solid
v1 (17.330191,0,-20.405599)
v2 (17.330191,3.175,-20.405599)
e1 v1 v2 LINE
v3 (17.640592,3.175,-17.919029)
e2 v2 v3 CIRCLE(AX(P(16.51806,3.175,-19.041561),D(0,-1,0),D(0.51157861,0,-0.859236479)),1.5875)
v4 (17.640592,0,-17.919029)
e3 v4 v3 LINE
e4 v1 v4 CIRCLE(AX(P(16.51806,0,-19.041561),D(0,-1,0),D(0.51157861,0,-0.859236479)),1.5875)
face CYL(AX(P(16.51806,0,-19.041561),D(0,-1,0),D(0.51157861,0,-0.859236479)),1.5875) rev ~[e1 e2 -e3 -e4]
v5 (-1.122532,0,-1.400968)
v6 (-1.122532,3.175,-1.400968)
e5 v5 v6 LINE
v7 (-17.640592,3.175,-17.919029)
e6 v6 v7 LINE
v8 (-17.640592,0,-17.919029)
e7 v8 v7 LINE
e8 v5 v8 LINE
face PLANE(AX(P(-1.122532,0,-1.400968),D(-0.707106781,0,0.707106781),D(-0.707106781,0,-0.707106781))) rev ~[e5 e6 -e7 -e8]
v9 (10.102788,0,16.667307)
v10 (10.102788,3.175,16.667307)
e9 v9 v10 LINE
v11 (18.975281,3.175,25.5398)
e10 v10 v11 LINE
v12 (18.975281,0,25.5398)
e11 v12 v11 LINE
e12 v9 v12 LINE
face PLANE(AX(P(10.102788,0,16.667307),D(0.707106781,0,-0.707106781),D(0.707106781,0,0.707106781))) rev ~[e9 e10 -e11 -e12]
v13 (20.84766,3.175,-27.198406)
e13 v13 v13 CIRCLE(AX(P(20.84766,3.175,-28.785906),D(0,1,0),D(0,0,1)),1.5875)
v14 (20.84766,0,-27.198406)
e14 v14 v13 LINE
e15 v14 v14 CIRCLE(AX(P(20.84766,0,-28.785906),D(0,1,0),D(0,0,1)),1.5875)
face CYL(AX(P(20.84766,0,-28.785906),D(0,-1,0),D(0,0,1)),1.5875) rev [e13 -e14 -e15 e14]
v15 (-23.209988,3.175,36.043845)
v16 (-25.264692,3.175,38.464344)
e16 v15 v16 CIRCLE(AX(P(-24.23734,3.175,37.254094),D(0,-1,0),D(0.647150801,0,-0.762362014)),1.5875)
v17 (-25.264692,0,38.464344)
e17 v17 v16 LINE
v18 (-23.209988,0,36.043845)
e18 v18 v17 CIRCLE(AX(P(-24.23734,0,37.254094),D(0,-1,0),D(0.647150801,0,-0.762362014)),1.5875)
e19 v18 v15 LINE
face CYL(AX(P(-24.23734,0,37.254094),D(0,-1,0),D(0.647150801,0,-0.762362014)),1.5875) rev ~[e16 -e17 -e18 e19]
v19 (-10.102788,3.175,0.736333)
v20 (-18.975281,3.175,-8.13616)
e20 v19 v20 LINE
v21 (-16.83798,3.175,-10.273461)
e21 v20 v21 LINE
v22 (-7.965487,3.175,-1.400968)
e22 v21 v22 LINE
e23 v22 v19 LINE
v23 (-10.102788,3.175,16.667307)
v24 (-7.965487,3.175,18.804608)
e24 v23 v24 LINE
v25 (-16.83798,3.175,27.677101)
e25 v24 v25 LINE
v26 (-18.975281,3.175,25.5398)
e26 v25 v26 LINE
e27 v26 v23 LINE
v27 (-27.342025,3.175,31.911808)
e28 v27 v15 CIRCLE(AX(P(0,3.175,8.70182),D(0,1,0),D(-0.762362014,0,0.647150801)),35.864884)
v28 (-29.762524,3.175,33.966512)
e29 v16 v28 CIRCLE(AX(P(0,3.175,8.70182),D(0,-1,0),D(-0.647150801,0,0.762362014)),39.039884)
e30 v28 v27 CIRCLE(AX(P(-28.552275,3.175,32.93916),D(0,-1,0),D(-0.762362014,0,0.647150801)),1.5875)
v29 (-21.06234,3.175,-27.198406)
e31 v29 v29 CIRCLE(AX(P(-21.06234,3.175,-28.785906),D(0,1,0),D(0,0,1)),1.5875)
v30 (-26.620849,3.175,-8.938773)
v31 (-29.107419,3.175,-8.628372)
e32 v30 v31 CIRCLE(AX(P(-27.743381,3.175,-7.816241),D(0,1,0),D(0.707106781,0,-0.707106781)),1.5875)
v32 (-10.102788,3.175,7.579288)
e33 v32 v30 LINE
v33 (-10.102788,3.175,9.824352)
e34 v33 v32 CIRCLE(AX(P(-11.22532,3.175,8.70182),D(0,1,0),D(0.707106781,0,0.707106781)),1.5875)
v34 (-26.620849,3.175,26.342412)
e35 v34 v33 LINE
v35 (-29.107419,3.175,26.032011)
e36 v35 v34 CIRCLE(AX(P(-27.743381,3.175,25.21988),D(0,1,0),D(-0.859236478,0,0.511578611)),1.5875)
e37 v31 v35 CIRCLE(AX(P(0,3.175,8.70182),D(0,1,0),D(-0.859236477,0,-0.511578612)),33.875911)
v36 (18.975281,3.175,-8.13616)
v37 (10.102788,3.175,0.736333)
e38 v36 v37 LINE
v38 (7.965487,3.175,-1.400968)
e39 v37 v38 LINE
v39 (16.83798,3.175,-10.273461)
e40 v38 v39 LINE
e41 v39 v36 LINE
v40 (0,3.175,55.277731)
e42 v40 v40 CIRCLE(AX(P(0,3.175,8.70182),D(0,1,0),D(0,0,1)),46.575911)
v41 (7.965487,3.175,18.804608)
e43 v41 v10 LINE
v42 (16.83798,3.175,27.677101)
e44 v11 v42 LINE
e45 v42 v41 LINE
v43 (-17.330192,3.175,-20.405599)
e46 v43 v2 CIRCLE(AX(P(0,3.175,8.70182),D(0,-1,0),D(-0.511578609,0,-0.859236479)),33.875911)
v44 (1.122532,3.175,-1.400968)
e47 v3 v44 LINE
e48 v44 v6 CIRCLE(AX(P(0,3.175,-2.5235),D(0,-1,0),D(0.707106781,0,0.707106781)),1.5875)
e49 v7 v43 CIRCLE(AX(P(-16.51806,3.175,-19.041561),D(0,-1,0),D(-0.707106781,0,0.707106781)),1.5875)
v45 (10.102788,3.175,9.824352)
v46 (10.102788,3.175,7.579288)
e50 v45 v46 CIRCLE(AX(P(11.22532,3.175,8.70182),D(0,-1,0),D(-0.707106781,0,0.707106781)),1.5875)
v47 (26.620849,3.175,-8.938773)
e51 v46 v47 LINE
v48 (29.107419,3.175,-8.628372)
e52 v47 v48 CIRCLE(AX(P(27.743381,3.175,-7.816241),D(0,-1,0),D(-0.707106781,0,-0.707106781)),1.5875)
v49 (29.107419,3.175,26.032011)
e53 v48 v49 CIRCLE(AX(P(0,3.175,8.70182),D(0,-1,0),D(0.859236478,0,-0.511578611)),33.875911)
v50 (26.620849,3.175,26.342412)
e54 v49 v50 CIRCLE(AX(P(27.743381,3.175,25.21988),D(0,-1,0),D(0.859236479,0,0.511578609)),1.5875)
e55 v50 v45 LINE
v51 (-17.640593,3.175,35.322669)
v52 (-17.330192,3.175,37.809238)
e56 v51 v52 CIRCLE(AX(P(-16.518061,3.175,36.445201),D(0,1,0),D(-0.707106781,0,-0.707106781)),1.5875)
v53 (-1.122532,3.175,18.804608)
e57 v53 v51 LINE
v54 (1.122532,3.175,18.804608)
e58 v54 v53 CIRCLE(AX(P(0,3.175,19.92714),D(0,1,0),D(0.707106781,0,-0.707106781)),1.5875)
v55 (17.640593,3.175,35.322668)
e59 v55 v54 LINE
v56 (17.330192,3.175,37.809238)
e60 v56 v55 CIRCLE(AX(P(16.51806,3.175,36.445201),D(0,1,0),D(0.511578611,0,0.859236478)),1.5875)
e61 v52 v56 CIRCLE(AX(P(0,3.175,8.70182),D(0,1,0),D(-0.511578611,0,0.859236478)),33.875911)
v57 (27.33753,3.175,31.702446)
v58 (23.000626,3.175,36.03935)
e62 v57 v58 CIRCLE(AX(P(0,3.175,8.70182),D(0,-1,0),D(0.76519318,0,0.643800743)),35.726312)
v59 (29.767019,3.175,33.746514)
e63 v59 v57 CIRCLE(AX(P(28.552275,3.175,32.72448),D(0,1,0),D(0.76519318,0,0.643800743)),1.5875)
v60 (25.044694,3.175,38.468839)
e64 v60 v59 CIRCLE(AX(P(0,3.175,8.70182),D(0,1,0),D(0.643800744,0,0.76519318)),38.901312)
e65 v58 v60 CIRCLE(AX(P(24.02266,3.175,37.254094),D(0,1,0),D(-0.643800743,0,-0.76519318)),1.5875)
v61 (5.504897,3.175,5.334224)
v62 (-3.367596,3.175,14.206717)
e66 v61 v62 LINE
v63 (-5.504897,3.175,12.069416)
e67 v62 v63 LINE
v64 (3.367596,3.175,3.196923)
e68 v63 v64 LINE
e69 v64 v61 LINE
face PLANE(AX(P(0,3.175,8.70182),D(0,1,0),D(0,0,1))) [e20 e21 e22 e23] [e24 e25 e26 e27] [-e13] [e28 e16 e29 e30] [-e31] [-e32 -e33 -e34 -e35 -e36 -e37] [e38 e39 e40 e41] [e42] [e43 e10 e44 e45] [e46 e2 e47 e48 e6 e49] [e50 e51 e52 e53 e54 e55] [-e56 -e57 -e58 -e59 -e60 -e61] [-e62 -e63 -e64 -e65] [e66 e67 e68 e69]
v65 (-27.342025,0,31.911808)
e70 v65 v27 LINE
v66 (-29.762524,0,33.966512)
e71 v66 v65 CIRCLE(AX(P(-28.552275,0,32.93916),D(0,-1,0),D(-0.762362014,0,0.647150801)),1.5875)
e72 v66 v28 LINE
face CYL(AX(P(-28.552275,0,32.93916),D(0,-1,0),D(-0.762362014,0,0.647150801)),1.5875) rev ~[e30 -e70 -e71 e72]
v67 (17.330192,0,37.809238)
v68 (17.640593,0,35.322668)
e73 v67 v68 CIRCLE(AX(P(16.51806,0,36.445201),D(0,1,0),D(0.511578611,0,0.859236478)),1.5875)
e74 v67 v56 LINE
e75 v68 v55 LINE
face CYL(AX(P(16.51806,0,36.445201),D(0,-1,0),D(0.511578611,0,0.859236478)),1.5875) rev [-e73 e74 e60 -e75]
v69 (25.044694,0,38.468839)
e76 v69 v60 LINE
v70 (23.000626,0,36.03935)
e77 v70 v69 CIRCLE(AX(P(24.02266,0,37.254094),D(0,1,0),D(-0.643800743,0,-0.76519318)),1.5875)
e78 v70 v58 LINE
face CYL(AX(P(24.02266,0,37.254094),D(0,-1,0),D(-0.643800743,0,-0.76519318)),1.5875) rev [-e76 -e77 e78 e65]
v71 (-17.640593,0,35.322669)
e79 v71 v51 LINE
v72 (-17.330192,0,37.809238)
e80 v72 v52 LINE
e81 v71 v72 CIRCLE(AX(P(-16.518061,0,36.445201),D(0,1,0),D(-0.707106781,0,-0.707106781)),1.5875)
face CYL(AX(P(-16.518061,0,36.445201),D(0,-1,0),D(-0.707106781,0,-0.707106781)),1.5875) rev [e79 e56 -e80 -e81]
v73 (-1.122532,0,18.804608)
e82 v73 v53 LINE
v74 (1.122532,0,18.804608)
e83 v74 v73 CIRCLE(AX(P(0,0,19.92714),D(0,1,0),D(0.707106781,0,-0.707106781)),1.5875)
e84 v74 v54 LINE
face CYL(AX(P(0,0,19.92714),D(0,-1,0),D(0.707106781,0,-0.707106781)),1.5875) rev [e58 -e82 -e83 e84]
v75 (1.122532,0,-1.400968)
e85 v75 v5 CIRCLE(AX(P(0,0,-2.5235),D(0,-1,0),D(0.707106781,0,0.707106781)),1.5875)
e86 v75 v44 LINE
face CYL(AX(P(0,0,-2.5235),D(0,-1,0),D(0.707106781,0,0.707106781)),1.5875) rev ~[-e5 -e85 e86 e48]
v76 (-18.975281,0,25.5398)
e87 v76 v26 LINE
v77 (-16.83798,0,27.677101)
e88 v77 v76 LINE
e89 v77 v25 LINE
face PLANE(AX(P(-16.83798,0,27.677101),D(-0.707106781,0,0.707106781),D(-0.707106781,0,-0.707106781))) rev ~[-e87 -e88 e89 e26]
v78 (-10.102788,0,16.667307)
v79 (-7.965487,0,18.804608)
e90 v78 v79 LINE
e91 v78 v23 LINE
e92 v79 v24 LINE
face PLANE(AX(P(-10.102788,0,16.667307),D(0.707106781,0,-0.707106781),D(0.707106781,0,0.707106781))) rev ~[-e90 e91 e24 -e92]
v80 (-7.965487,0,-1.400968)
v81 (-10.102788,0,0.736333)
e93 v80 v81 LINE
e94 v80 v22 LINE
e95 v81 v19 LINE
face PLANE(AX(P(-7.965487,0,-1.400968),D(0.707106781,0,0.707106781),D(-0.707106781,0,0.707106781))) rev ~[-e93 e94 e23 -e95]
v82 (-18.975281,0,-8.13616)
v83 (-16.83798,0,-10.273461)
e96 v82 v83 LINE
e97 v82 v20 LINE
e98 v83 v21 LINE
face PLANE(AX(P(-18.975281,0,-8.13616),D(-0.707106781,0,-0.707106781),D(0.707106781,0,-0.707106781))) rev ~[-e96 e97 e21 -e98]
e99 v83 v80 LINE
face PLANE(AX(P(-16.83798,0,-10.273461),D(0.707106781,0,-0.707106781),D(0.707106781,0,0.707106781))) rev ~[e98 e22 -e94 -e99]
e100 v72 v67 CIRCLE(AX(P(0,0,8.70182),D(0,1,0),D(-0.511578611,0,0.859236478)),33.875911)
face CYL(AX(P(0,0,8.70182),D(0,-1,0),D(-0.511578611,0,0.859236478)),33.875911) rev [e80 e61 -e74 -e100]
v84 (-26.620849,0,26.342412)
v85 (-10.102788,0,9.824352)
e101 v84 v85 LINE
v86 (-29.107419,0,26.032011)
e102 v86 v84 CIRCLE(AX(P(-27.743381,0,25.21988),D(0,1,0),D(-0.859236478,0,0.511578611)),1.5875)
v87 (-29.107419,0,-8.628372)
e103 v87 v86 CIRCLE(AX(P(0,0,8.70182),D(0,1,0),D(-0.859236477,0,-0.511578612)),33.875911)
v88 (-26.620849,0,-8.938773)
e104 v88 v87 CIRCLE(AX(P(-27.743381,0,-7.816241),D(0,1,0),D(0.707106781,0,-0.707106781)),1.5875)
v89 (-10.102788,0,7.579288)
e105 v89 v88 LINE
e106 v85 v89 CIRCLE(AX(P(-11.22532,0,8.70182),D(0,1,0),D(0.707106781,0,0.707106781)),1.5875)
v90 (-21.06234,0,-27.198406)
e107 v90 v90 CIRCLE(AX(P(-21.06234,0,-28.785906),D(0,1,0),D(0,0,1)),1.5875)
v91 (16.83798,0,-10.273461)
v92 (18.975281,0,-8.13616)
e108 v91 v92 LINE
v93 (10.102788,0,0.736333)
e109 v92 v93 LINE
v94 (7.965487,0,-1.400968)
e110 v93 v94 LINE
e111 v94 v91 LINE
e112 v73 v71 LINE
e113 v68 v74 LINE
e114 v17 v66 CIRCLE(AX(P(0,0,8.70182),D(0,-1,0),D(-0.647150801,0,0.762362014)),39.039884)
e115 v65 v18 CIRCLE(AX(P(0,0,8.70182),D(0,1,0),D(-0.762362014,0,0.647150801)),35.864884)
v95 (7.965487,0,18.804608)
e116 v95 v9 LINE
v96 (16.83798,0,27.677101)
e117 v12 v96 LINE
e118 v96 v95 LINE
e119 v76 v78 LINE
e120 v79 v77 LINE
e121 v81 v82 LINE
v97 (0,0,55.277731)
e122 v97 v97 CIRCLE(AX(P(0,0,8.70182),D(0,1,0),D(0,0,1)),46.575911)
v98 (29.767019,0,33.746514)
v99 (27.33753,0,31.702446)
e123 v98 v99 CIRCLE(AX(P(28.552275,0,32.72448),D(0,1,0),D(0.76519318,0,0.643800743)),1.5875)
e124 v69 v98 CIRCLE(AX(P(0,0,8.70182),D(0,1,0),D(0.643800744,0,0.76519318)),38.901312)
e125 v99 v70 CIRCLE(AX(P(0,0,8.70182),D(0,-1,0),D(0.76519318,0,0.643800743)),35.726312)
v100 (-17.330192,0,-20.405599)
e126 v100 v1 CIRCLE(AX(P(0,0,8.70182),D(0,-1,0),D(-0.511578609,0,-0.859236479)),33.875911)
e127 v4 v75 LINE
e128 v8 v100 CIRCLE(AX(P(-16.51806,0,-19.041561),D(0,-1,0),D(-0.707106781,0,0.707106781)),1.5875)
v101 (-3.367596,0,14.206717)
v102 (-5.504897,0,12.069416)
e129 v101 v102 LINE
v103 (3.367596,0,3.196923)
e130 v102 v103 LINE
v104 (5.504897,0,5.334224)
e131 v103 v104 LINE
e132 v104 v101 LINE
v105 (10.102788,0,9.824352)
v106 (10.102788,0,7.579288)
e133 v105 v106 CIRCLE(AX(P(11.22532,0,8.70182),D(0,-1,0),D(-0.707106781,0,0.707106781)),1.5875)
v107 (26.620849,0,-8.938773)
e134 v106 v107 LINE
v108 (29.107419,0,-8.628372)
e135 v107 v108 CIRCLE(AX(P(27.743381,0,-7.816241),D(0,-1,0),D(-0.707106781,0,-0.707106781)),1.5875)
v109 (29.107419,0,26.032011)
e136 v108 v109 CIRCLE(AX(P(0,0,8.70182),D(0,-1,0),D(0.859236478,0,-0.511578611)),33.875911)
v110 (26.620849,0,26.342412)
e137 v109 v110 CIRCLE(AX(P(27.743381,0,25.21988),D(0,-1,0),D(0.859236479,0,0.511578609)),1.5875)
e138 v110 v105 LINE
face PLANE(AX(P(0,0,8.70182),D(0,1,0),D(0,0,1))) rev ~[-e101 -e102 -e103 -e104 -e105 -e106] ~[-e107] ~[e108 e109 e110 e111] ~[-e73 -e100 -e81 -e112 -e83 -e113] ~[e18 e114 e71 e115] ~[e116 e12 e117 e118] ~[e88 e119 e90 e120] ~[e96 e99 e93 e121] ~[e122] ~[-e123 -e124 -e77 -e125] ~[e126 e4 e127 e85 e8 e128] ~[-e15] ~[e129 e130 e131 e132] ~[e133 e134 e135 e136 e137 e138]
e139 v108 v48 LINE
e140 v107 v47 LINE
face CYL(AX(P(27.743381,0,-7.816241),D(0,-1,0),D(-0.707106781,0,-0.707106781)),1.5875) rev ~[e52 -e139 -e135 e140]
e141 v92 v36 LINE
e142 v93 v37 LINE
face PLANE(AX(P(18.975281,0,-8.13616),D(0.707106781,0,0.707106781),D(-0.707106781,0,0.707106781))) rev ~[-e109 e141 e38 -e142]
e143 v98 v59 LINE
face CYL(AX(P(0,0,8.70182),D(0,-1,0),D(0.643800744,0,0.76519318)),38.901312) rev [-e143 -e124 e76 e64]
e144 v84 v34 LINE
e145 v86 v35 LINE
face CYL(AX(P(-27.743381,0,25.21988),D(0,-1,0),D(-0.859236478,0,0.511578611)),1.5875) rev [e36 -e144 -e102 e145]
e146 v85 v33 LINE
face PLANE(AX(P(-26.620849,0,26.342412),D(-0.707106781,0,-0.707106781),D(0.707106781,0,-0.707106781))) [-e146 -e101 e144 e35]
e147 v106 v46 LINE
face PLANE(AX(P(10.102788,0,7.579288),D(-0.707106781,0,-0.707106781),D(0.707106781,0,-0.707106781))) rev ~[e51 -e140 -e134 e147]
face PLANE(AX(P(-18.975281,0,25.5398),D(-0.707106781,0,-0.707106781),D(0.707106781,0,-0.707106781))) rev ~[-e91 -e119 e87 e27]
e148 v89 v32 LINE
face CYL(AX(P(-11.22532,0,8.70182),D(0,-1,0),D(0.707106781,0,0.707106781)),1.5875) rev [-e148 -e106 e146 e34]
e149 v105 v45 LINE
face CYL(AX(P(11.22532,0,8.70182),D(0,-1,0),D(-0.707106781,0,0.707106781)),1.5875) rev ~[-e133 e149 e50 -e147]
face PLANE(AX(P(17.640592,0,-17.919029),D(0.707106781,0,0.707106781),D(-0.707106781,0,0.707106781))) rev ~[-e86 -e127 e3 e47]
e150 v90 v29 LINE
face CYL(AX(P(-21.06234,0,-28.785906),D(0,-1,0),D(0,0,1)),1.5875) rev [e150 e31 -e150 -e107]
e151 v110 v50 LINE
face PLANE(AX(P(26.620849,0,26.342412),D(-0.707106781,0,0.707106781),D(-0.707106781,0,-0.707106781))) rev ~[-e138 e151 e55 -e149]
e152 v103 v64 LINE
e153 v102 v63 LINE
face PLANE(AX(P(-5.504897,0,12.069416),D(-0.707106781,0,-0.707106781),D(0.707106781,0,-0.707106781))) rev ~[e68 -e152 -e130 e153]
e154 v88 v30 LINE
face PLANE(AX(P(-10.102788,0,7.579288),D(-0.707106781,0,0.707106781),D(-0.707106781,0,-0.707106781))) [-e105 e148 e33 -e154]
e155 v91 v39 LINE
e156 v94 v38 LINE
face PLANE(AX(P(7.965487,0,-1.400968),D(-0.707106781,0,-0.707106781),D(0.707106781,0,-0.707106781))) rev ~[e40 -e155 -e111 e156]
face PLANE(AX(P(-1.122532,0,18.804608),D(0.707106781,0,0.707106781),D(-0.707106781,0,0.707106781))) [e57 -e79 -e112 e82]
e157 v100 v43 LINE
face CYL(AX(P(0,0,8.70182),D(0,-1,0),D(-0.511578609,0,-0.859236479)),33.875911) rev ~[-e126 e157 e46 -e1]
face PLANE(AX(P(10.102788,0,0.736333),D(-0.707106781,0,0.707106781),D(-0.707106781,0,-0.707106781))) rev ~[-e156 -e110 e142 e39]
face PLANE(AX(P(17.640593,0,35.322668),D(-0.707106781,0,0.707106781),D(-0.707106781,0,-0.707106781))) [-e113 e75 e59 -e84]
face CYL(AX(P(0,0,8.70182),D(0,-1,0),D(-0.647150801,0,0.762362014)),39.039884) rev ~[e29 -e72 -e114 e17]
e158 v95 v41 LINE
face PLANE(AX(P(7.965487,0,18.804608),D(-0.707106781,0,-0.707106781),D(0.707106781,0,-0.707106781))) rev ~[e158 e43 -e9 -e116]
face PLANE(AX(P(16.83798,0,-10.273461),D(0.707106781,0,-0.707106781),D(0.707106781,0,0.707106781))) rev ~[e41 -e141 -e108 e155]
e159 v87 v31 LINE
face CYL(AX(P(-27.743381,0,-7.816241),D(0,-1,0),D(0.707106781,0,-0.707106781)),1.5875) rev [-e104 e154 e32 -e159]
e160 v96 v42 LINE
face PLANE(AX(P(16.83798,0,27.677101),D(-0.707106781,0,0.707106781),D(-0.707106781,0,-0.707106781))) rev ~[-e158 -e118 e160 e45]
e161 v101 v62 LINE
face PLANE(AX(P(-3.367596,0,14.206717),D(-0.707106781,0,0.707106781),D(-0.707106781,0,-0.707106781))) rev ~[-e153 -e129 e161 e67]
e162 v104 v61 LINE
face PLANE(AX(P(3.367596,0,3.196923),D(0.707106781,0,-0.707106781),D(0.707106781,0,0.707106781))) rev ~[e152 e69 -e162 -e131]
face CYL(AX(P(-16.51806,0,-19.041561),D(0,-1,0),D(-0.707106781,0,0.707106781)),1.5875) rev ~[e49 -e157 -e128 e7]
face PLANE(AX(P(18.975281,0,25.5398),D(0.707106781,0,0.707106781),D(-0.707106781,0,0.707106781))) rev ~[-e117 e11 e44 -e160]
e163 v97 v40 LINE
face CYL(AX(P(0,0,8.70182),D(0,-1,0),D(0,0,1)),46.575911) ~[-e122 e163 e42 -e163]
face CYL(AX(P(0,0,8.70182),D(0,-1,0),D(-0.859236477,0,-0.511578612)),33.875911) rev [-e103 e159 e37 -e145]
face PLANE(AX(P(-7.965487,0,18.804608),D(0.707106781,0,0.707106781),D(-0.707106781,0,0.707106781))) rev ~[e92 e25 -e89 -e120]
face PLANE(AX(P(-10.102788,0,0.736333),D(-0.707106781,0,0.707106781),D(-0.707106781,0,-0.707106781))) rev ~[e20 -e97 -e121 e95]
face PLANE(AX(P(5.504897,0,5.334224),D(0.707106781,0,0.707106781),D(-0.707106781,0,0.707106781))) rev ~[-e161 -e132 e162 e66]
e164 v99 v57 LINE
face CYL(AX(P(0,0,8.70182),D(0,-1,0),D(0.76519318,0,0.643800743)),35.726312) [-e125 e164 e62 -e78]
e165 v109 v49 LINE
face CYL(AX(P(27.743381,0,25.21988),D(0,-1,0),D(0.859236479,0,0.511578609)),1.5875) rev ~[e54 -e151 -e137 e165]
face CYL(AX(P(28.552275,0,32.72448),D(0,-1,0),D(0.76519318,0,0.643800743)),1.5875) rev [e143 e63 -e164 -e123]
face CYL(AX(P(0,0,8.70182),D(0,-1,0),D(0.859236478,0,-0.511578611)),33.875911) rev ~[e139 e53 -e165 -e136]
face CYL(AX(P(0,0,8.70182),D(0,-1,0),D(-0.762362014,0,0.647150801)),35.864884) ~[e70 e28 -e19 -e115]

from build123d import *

# Parameters (mm, degrees)
SKETCH1_R           = 46.575911091
SKETCH1_R_2         = 1.5875
BOSS_EXTRUDE1_DEPTH = 3.175


with BuildPart() as part:
    # Sketch1 → Boss-Extrude1 (new body)
    with BuildSketch(Plane(origin=(0, 0, 0), x_dir=(1, 0, 0), z_dir=(0, 1, 0))):
        with Locations(Location((-1e-09, -8.701819906, 0), (0, 0, 270))):
            Circle(SKETCH1_R)
        with Locations(Location((-21.062340002, 28.785905516, 0), (0, 0, 270))):
            Circle(SKETCH1_R_2, mode=Mode.SUBTRACT)
        with Locations(Location((20.847659998, 28.785905516, 0), (0, 0, 270))):
            Circle(SKETCH1_R_2, mode=Mode.SUBTRACT)
        with BuildLine():
            Line((17.640592508, -35.322668494), (1.122532008, -18.804607993))
            ThreePointArc((1.122532008, -18.804607993), (-8e-09, -18.339640008), (-1.122532023, -18.804607993))
            Line((-1.122532023, -18.804607993), (-17.640592542, -35.322668513))
            ThreePointArc((-17.640592542, -35.322668513), (-18.093334403, -36.641843516), (-17.330191572, -37.809238437))
            ThreePointArc((-17.330191572, -37.809238437), (-1.3e-08, -42.577730996), (17.330191539, -37.809238417))
            ThreePointArc((17.330191539, -37.809238417), (18.09333437, -36.641843496), (17.640592508, -35.322668494))
        make_face(mode=Mode.SUBTRACT)
        Polygon((-18.9752812, 8.136160364), (-16.837980243, 10.27346132), (-7.965487196, 1.400968273), (-10.102788153, -0.736332684), align=None, mode=Mode.SUBTRACT)
        with BuildLine():
            Line((26.620848619, -26.342412348), (10.102788136, -9.824351865))
            ThreePointArc((10.102788136, -9.824351865), (9.637820151, -8.70181985), (10.102788136, -7.579287835))
            Line((10.102788136, -7.579287835), (26.620848586, 8.938772615))
            ThreePointArc((26.620848586, 8.938772615), (27.940023589, 9.391514476), (29.107418509, 8.628371644))
            ThreePointArc((29.107418509, 8.628371644), (33.875911069, -8.70181986), (29.107418545, -26.032011374))
            ThreePointArc((29.107418545, -26.032011374), (27.940023624, -26.795154209), (26.620848619, -26.342412348))
        make_face(mode=Mode.SUBTRACT)
        with BuildLine():
            Line((-26.620848661, -26.342412387), (-10.102788145, -9.824351871))
            ThreePointArc((-10.102788145, -9.824351871), (-9.63782016, -8.701819856), (-10.102788145, -7.579287841))
            Line((-10.102788145, -7.579287841), (-26.620848632, 8.938772647))
            ThreePointArc((-26.620848632, 8.938772647), (-27.940023635, 9.391514508), (-29.107418555, 8.628371678))
            ThreePointArc((-29.107418555, 8.628371678), (-33.875911135, -8.701819865), (-29.107418586, -26.032011416))
            ThreePointArc((-29.107418586, -26.032011416), (-27.940023665, -26.795154248), (-26.620848661, -26.342412387))
        make_face(mode=Mode.SUBTRACT)
        Polygon((-18.975281171, -25.539800119), (-10.102788124, -16.667307072), (-7.965487167, -18.804608029), (-16.837980215, -27.677101076), align=None, mode=Mode.SUBTRACT)
        Polygon((-5.504897018, -12.069415894), (3.367596037, -3.196922839), (5.504896994, -5.334223796), (-3.367596061, -14.206716851), align=None, mode=Mode.SUBTRACT)
        Polygon((7.965487156, 1.40096828), (16.837980204, 10.273461327), (18.975281161, 8.13616037), (10.102788113, -0.736332677), align=None, mode=Mode.SUBTRACT)
        Polygon((7.965487164, -18.804608029), (10.102788121, -16.667307072), (18.975281169, -25.539800119), (16.837980212, -27.677101076), align=None, mode=Mode.SUBTRACT)
        with BuildLine():
            Line((-1.122532017, 1.400968288), (-17.640592486, 17.919028757))
            ThreePointArc((-17.640592486, 17.919028757), (-18.093334347, 19.238203762), (-17.330191513, 20.405598683))
            ThreePointArc((-17.330191513, 20.405598683), (-9e-09, 25.174091207), (17.330191488, 20.405598658))
            ThreePointArc((17.330191488, 20.405598658), (18.093334321, 19.238203738), (17.64059246, 17.919028734))
            Line((17.64059246, 17.919028734), (1.122532014, 1.400968288))
            ThreePointArc((1.122532014, 1.400968288), (-1e-09, 0.936000303), (-1.122532017, 1.400968288))
        make_face(mode=Mode.SUBTRACT)
        with BuildLine():
            ThreePointArc((-29.762524278, -33.966511802), (-29.579626476, -31.728910208), (-27.342024882, -31.911808011))
            ThreePointArc((-27.342024882, -31.911808011), (-25.360302369, -34.062122274), (-23.209988106, -36.043844786))
            ThreePointArc((-23.209988106, -36.043844786), (-23.027090304, -38.28144638), (-25.264691898, -38.464344183))
            ThreePointArc((-25.264691898, -38.464344183), (-27.605366399, -36.307186304), (-29.762524278, -33.966511802))
        make_face(mode=Mode.SUBTRACT)
        with BuildLine():
            ThreePointArc((23.000626318, -36.039350311), (22.807915825, -38.276128165), (25.044693679, -38.468838657))
            ThreePointArc((25.044693679, -38.468838657), (27.507381615, -36.209201522), (29.767018749, -33.746513584))
            ThreePointArc((29.767018749, -33.746513584), (29.574308255, -31.509735732), (27.337530403, -31.702446226))
            ThreePointArc((27.337530403, -31.702446226), (25.262317586, -33.964137493), (23.000626318, -36.039350311))
        make_face(mode=Mode.SUBTRACT)
    extrude(amount=BOSS_EXTRUDE1_DEPTH)


solid = part.part
